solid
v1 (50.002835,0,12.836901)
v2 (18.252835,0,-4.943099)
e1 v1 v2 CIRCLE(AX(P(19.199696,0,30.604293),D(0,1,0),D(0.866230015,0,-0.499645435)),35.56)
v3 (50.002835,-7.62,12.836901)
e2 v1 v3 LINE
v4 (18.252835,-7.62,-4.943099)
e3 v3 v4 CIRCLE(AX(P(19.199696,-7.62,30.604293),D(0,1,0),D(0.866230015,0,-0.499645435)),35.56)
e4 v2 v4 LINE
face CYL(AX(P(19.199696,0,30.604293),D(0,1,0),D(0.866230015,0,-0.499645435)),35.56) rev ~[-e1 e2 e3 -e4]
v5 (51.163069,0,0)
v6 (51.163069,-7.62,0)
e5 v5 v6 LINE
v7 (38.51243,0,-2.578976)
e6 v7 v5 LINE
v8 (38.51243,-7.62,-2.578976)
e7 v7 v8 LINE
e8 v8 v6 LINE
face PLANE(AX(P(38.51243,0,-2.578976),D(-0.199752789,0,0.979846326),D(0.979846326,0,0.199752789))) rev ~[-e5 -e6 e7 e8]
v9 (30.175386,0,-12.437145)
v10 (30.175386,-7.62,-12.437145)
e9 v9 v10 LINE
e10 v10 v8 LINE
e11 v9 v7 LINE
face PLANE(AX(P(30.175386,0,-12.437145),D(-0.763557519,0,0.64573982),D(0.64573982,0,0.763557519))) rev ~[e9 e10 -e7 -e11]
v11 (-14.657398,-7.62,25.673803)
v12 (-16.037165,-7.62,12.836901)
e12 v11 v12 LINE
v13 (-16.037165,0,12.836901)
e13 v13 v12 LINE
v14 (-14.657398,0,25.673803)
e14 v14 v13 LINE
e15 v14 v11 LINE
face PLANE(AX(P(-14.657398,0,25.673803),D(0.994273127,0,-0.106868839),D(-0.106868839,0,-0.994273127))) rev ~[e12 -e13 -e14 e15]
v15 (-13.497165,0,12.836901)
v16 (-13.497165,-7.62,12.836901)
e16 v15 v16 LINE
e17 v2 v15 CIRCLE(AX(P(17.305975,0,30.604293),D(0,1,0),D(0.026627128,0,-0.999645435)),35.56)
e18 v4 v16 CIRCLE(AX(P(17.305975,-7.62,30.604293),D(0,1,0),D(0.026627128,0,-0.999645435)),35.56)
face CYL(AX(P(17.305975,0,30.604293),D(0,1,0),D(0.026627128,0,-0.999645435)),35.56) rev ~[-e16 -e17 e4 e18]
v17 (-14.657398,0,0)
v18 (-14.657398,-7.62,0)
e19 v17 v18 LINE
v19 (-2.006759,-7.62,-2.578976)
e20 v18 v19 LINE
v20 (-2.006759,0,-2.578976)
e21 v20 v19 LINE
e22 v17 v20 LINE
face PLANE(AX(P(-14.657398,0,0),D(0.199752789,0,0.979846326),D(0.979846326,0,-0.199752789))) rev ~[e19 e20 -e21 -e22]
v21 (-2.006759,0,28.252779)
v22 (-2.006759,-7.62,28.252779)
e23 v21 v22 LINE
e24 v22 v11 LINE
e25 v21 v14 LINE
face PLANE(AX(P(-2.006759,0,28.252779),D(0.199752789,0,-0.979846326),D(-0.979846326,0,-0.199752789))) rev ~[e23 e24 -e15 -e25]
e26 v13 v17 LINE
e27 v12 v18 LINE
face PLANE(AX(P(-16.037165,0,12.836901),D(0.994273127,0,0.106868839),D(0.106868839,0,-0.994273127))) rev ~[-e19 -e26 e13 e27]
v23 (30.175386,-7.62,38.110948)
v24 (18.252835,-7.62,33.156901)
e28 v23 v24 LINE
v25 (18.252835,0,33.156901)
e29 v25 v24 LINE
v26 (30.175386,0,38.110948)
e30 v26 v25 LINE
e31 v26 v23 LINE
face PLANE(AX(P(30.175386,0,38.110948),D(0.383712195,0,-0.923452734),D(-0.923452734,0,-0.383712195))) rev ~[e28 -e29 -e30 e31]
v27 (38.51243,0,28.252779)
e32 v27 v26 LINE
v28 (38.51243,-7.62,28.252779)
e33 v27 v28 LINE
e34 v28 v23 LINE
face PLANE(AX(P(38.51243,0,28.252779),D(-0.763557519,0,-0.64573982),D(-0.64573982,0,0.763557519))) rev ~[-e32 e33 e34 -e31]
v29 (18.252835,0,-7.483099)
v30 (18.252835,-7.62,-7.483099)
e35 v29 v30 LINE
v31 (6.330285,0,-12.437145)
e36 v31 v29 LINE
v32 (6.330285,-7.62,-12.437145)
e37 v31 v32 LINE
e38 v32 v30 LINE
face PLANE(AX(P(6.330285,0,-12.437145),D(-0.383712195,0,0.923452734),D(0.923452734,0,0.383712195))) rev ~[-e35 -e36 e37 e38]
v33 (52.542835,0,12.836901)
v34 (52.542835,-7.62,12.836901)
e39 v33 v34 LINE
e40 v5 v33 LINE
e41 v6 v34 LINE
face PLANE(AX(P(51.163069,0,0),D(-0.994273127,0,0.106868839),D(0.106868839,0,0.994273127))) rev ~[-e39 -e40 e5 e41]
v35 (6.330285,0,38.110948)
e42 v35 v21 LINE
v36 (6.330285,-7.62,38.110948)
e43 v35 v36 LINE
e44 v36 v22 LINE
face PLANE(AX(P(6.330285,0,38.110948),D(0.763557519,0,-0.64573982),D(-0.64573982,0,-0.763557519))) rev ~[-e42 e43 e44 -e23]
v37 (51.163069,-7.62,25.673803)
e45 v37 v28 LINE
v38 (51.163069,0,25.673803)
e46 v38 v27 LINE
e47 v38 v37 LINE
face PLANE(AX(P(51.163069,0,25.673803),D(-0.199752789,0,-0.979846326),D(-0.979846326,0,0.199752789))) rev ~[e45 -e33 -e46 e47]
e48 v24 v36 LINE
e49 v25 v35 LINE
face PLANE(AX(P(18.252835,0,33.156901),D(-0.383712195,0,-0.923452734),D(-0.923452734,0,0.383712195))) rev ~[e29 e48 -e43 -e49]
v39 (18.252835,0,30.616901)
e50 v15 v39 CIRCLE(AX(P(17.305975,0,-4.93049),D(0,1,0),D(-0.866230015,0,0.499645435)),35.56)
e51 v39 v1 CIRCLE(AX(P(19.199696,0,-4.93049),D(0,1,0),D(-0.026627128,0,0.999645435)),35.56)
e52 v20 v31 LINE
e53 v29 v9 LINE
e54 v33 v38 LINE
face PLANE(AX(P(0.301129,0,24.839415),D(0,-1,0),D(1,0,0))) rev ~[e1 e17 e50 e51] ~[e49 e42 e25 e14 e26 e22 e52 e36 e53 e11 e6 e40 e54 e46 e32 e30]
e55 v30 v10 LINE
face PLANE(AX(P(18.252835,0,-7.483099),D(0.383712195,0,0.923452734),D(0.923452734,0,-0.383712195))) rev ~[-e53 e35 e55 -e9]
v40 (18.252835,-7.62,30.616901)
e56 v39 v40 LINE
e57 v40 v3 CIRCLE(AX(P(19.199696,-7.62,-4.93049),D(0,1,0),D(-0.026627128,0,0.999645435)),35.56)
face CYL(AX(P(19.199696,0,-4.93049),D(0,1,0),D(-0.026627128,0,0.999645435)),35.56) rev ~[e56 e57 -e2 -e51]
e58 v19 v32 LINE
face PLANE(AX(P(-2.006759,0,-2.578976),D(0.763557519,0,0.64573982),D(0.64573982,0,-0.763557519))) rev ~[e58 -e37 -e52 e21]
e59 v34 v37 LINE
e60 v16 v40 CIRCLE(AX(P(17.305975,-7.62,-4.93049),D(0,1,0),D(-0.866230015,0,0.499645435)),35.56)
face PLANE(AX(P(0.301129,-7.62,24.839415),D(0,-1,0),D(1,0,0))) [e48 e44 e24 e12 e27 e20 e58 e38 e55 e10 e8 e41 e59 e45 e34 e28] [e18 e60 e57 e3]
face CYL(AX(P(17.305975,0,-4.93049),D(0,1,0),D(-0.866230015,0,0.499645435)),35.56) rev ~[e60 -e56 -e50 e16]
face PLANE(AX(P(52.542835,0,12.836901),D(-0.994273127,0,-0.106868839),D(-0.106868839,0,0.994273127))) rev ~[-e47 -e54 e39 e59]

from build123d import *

# Parameters (mm, degrees)
F1_DEPTH = 7.62


with BuildPart() as f1:
    # F0 (on Front) → F1 (new body)
    with BuildSketch(Plane.XZ):
        with BuildLine():
            Line((-16.0371646342, 12.8369014025), (-13.4971646342, 12.8369014025))
            ThreePointArc((-13.4971646342, 12.8369014025), (-0.0687610955, 26.0958236548), (18.2528353658, 30.6169014025))
            Line((18.2528353658, 30.6169014025), (18.2528353658, 33.1569014025))
            Line((18.2528353658, 33.1569014025), (8.1230382592, 30.7048402699))
            Line((8.1230382592, 30.7048402699), (-2.0067588474, 28.2527791372))
            Line((-2.0067588474, 28.2527791372), (-9.0219617408, 20.5448402699))
            Line((-9.0219617408, 20.5448402699), (-16.0371646342, 12.8369014025))
        make_face()
        with BuildLine():
            ThreePointArc((18.2528353658, -4.9430985975), (-0.0687610955, -0.4220208498), (-13.4971646342, 12.8369014025))
            Line((-13.4971646342, 12.8369014025), (-16.0371646342, 12.8369014025))
            Line((-16.0371646342, 12.8369014025), (-9.0219617408, 5.1289625351))
            Line((-9.0219617408, 5.1289625351), (-2.0067588474, -2.5789763323))
            Line((-2.0067588474, -2.5789763323), (8.1230382592, -5.0310374649))
            Line((8.1230382592, -5.0310374649), (18.2528353658, -7.4830985975))
            Line((18.2528353658, -7.4830985975), (18.2528353658, -4.9430985975))
        make_face()
        with BuildLine():
            Line((18.2528353658, 33.1569014025), (18.2528353658, 30.6169014025))
            ThreePointArc((18.2528353658, 30.6169014025), (36.5744318271, 26.0958236548), (50.0028353658, 12.8369014025))
            Line((50.0028353658, 12.8369014025), (52.5428353658, 12.8369014025))
            Line((52.5428353658, 12.8369014025), (45.5276324724, 20.5448402699))
            Line((45.5276324724, 20.5448402699), (38.512429579, 28.2527791372))
            Line((38.512429579, 28.2527791372), (28.3826324724, 30.7048402699))
            Line((28.3826324724, 30.7048402699), (18.2528353658, 33.1569014025))
        make_face()
        with BuildLine():
            ThreePointArc((50.0028353658, 12.8369014025), (36.5744318271, -0.4220208498), (18.2528353658, -4.9430985975))
            Line((18.2528353658, -4.9430985975), (18.2528353658, -7.4830985975))
            Line((18.2528353658, -7.4830985975), (28.3826324724, -5.0310374649))
            Line((28.3826324724, -5.0310374649), (38.512429579, -2.5789763323))
            Line((38.512429579, -2.5789763323), (45.5276324724, 5.1289625351))
            Line((45.5276324724, 5.1289625351), (52.5428353658, 12.8369014025))
            Line((52.5428353658, 12.8369014025), (50.0028353658, 12.8369014025))
        make_face()
        with BuildLine():
            Line((-14.6573981315, 25.6738028049), (-16.0371646342, 12.8369014025))
            ThreePointArc((-16.0371646342, 12.8369014025), (-13.4333117701, 17.4347377534), (-10.1768890048, 21.5959706983))
            Line((-10.1768890048, 21.5959706983), (-14.6573981315, 25.6738028049))
        make_face()
        with BuildLine():
            Line((-9.0219617408, 5.1289625351), (-16.0371646342, 12.8369014025))
            ThreePointArc((-16.0371646342, 12.8369014025), (-13.4333117701, 8.2390650515), (-10.1768890048, 4.0778321066))
            Line((-10.1768890048, 4.0778321066), (-9.0219617408, 5.1289625351))
        make_face()
        with BuildLine():
            ThreePointArc((-10.1768890048, 21.5959706983), (-13.4333117701, 17.4347377534), (-16.0371646342, 12.8369014025))
            Line((-16.0371646342, 12.8369014025), (-9.0219617408, 20.5448402699))
            Line((-9.0219617408, 20.5448402699), (-10.1768890048, 21.5959706983))
        make_face()
        with BuildLine():
            ThreePointArc((-10.1768890048, 4.0778321066), (-13.4333117701, 8.2390650515), (-16.0371646342, 12.8369014025))
            Line((-16.0371646342, 12.8369014025), (-14.6573981315, 0))
            Line((-14.6573981315, 0), (-10.1768890048, 4.0778321066))
        make_face()
        with BuildLine():
            Line((8.1230382592, 30.7048402699), (18.2528353658, 33.1569014025))
            ThreePointArc((18.2528353658, 33.1569014025), (12.9694312928, 33.0808077166), (7.7556310569, 32.2226492534))
            Line((7.7556310569, 32.2226492534), (8.1230382592, 30.7048402699))
        make_face()
        with BuildLine():
            Line((30.1753859928, 38.1109482096), (18.2528353658, 33.1569014025))
            ThreePointArc((18.2528353658, 33.1569014025), (23.5362394389, 33.0808077166), (28.7500396748, 32.2226492534))
            Line((28.7500396748, 32.2226492534), (30.1753859928, 38.1109482096))
        make_face()
        with BuildLine():
            ThreePointArc((7.7556310569, 32.2226492534), (12.9694312928, 33.0808077166), (18.2528353658, 33.1569014025))
            Line((18.2528353658, 33.1569014025), (6.3302847389, 38.1109482096))
            Line((6.3302847389, 38.1109482096), (7.7556310569, 32.2226492534))
        make_face()
        with BuildLine():
            ThreePointArc((28.7500396748, 32.2226492534), (23.5362394389, 33.0808077166), (18.2528353658, 33.1569014025))
            Line((18.2528353658, 33.1569014025), (28.3826324724, 30.7048402699))
            Line((28.3826324724, 30.7048402699), (28.7500396748, 32.2226492534))
        make_face()
        with BuildLine():
            Line((6.3302847389, -12.4371454047), (18.2528353658, -7.4830985975))
            ThreePointArc((18.2528353658, -7.4830985975), (12.9694312928, -7.4070049116), (7.7556310569, -6.5488464484))
            Line((7.7556310569, -6.5488464484), (6.3302847389, -12.4371454047))
        make_face()
        with BuildLine():
            Line((28.3826324724, -5.0310374649), (18.2528353658, -7.4830985975))
            ThreePointArc((18.2528353658, -7.4830985975), (23.5362394389, -7.4070049116), (28.7500396748, -6.5488464484))
            Line((28.7500396748, -6.5488464484), (28.3826324724, -5.0310374649))
        make_face()
        with BuildLine():
            ThreePointArc((28.7500396748, -6.5488464484), (23.5362394389, -7.4070049116), (18.2528353658, -7.4830985975))
            Line((18.2528353658, -7.4830985975), (30.1753859928, -12.4371454047))
            Line((30.1753859928, -12.4371454047), (28.7500396748, -6.5488464484))
        make_face()
        with BuildLine():
            ThreePointArc((7.7556310569, -6.5488464484), (12.9694312928, -7.4070049116), (18.2528353658, -7.4830985975))
            Line((18.2528353658, -7.4830985975), (8.1230382592, -5.0310374649))
            Line((8.1230382592, -5.0310374649), (7.7556310569, -6.5488464484))
        make_face()
        with BuildLine():
            Line((-14.6573981315, 25.6738028049), (-10.1768890048, 21.5959706983))
            ThreePointArc((-10.1768890048, 21.5959706983), (-6.339797351, 25.2287212387), (-2.0067588474, 28.2527791372))
            Line((-2.0067588474, 28.2527791372), (-14.6573981315, 25.6738028049))
        make_face()
        with BuildLine():
            ThreePointArc((-2.0067588474, 28.2527791372), (-6.339797351, 25.2287212387), (-10.1768890048, 21.5959706983))
            Line((-10.1768890048, 21.5959706983), (-9.0219617408, 20.5448402699))
            Line((-9.0219617408, 20.5448402699), (-2.0067588474, 28.2527791372))
        make_face()
        with BuildLine():
            Line((-9.0219617408, 5.1289625351), (-10.1768890048, 4.0778321066))
            ThreePointArc((-10.1768890048, 4.0778321066), (-6.339797351, 0.4450815663), (-2.0067588474, -2.5789763323))
            Line((-2.0067588474, -2.5789763323), (-9.0219617408, 5.1289625351))
        make_face()
        with BuildLine():
            ThreePointArc((-2.0067588474, -2.5789763323), (-6.339797351, 0.4450815663), (-10.1768890048, 4.0778321066))
            Line((-10.1768890048, 4.0778321066), (-14.6573981315, 0))
            Line((-14.6573981315, 0), (-2.0067588474, -2.5789763323))
        make_face()
        with BuildLine():
            Line((45.5276324724, 20.5448402699), (52.5428353658, 12.8369014025))
            ThreePointArc((52.5428353658, 12.8369014025), (49.9389825017, 17.4347377534), (46.6825597365, 21.5959706983))
            Line((46.6825597365, 21.5959706983), (45.5276324724, 20.5448402699))
        make_face()
        with BuildLine():
            Line((51.1630688631, 0), (52.5428353658, 12.8369014025))
            ThreePointArc((52.5428353658, 12.8369014025), (49.9389825017, 8.2390650515), (46.6825597365, 4.0778321066))
            Line((46.6825597365, 4.0778321066), (51.1630688631, 0))
        make_face()
        with BuildLine():
            ThreePointArc((46.6825597365, 21.5959706983), (49.9389825017, 17.4347377534), (52.5428353658, 12.8369014025))
            Line((52.5428353658, 12.8369014025), (51.1630688631, 25.6738028049))
            Line((51.1630688631, 25.6738028049), (46.6825597365, 21.5959706983))
        make_face()
        with BuildLine():
            ThreePointArc((46.6825597365, 4.0778321066), (49.9389825017, 8.2390650515), (52.5428353658, 12.8369014025))
            Line((52.5428353658, 12.8369014025), (45.5276324724, 5.1289625351))
            Line((45.5276324724, 5.1289625351), (46.6825597365, 4.0778321066))
        make_face()
        with BuildLine():
            Line((8.1230382592, 30.7048402699), (7.7556310569, 32.2226492534))
            ThreePointArc((7.7556310569, 32.2226492534), (2.7265540832, 30.6013739404), (-2.0067588474, 28.2527791372))
            Line((-2.0067588474, 28.2527791372), (8.1230382592, 30.7048402699))
        make_face()
        with BuildLine():
            ThreePointArc((-2.0067588474, 28.2527791372), (2.7265540832, 30.6013739404), (7.7556310569, 32.2226492534))
            Line((7.7556310569, 32.2226492534), (6.3302847389, 38.1109482096))
            Line((6.3302847389, 38.1109482096), (-2.0067588474, 28.2527791372))
        make_face()
        with BuildLine():
            Line((30.1753859928, 38.1109482096), (28.7500396748, 32.2226492534))
            ThreePointArc((28.7500396748, 32.2226492534), (33.7791166485, 30.6013739404), (38.512429579, 28.2527791372))
            Line((38.512429579, 28.2527791372), (30.1753859928, 38.1109482096))
        make_face()
        with BuildLine():
            ThreePointArc((38.512429579, 28.2527791372), (33.7791166485, 30.6013739404), (28.7500396748, 32.2226492534))
            Line((28.7500396748, 32.2226492534), (28.3826324724, 30.7048402699))
            Line((28.3826324724, 30.7048402699), (38.512429579, 28.2527791372))
        make_face()
        with BuildLine():
            Line((6.3302847389, -12.4371454047), (7.7556310569, -6.5488464484))
            ThreePointArc((7.7556310569, -6.5488464484), (2.7265540832, -4.9275711355), (-2.0067588474, -2.5789763323))
            Line((-2.0067588474, -2.5789763323), (6.3302847389, -12.4371454047))
        make_face()
        with BuildLine():
            ThreePointArc((-2.0067588474, -2.5789763323), (2.7265540832, -4.9275711355), (7.7556310569, -6.5488464484))
            Line((7.7556310569, -6.5488464484), (8.1230382592, -5.0310374649))
            Line((8.1230382592, -5.0310374649), (-2.0067588474, -2.5789763323))
        make_face()
        with BuildLine():
            Line((28.3826324724, -5.0310374649), (28.7500396748, -6.5488464484))
            ThreePointArc((28.7500396748, -6.5488464484), (33.7791166485, -4.9275711355), (38.512429579, -2.5789763323))
            Line((38.512429579, -2.5789763323), (28.3826324724, -5.0310374649))
        make_face()
        with BuildLine():
            ThreePointArc((38.512429579, -2.5789763323), (33.7791166485, -4.9275711355), (28.7500396748, -6.5488464484))
            Line((28.7500396748, -6.5488464484), (30.1753859928, -12.4371454047))
            Line((30.1753859928, -12.4371454047), (38.512429579, -2.5789763323))
        make_face()
        with BuildLine():
            Line((45.5276324724, 20.5448402699), (46.6825597365, 21.5959706983))
            ThreePointArc((46.6825597365, 21.5959706983), (42.8454680827, 25.2287212387), (38.512429579, 28.2527791372))
            Line((38.512429579, 28.2527791372), (45.5276324724, 20.5448402699))
        make_face()
        with BuildLine():
            ThreePointArc((38.512429579, 28.2527791372), (42.8454680827, 25.2287212387), (46.6825597365, 21.5959706983))
            Line((46.6825597365, 21.5959706983), (51.1630688631, 25.6738028049))
            Line((51.1630688631, 25.6738028049), (38.512429579, 28.2527791372))
        make_face()
        with BuildLine():
            Line((51.1630688631, 0), (46.6825597365, 4.0778321066))
            ThreePointArc((46.6825597365, 4.0778321066), (42.8454680827, 0.4450815663), (38.512429579, -2.5789763323))
            Line((38.512429579, -2.5789763323), (51.1630688631, 0))
        make_face()
        with BuildLine():
            ThreePointArc((38.512429579, -2.5789763323), (42.8454680827, 0.4450815663), (46.6825597365, 4.0778321066))
            Line((46.6825597365, 4.0778321066), (45.5276324724, 5.1289625351))
            Line((45.5276324724, 5.1289625351), (38.512429579, -2.5789763323))
        make_face()
    extrude(amount=F1_DEPTH)


solid = f1.part
